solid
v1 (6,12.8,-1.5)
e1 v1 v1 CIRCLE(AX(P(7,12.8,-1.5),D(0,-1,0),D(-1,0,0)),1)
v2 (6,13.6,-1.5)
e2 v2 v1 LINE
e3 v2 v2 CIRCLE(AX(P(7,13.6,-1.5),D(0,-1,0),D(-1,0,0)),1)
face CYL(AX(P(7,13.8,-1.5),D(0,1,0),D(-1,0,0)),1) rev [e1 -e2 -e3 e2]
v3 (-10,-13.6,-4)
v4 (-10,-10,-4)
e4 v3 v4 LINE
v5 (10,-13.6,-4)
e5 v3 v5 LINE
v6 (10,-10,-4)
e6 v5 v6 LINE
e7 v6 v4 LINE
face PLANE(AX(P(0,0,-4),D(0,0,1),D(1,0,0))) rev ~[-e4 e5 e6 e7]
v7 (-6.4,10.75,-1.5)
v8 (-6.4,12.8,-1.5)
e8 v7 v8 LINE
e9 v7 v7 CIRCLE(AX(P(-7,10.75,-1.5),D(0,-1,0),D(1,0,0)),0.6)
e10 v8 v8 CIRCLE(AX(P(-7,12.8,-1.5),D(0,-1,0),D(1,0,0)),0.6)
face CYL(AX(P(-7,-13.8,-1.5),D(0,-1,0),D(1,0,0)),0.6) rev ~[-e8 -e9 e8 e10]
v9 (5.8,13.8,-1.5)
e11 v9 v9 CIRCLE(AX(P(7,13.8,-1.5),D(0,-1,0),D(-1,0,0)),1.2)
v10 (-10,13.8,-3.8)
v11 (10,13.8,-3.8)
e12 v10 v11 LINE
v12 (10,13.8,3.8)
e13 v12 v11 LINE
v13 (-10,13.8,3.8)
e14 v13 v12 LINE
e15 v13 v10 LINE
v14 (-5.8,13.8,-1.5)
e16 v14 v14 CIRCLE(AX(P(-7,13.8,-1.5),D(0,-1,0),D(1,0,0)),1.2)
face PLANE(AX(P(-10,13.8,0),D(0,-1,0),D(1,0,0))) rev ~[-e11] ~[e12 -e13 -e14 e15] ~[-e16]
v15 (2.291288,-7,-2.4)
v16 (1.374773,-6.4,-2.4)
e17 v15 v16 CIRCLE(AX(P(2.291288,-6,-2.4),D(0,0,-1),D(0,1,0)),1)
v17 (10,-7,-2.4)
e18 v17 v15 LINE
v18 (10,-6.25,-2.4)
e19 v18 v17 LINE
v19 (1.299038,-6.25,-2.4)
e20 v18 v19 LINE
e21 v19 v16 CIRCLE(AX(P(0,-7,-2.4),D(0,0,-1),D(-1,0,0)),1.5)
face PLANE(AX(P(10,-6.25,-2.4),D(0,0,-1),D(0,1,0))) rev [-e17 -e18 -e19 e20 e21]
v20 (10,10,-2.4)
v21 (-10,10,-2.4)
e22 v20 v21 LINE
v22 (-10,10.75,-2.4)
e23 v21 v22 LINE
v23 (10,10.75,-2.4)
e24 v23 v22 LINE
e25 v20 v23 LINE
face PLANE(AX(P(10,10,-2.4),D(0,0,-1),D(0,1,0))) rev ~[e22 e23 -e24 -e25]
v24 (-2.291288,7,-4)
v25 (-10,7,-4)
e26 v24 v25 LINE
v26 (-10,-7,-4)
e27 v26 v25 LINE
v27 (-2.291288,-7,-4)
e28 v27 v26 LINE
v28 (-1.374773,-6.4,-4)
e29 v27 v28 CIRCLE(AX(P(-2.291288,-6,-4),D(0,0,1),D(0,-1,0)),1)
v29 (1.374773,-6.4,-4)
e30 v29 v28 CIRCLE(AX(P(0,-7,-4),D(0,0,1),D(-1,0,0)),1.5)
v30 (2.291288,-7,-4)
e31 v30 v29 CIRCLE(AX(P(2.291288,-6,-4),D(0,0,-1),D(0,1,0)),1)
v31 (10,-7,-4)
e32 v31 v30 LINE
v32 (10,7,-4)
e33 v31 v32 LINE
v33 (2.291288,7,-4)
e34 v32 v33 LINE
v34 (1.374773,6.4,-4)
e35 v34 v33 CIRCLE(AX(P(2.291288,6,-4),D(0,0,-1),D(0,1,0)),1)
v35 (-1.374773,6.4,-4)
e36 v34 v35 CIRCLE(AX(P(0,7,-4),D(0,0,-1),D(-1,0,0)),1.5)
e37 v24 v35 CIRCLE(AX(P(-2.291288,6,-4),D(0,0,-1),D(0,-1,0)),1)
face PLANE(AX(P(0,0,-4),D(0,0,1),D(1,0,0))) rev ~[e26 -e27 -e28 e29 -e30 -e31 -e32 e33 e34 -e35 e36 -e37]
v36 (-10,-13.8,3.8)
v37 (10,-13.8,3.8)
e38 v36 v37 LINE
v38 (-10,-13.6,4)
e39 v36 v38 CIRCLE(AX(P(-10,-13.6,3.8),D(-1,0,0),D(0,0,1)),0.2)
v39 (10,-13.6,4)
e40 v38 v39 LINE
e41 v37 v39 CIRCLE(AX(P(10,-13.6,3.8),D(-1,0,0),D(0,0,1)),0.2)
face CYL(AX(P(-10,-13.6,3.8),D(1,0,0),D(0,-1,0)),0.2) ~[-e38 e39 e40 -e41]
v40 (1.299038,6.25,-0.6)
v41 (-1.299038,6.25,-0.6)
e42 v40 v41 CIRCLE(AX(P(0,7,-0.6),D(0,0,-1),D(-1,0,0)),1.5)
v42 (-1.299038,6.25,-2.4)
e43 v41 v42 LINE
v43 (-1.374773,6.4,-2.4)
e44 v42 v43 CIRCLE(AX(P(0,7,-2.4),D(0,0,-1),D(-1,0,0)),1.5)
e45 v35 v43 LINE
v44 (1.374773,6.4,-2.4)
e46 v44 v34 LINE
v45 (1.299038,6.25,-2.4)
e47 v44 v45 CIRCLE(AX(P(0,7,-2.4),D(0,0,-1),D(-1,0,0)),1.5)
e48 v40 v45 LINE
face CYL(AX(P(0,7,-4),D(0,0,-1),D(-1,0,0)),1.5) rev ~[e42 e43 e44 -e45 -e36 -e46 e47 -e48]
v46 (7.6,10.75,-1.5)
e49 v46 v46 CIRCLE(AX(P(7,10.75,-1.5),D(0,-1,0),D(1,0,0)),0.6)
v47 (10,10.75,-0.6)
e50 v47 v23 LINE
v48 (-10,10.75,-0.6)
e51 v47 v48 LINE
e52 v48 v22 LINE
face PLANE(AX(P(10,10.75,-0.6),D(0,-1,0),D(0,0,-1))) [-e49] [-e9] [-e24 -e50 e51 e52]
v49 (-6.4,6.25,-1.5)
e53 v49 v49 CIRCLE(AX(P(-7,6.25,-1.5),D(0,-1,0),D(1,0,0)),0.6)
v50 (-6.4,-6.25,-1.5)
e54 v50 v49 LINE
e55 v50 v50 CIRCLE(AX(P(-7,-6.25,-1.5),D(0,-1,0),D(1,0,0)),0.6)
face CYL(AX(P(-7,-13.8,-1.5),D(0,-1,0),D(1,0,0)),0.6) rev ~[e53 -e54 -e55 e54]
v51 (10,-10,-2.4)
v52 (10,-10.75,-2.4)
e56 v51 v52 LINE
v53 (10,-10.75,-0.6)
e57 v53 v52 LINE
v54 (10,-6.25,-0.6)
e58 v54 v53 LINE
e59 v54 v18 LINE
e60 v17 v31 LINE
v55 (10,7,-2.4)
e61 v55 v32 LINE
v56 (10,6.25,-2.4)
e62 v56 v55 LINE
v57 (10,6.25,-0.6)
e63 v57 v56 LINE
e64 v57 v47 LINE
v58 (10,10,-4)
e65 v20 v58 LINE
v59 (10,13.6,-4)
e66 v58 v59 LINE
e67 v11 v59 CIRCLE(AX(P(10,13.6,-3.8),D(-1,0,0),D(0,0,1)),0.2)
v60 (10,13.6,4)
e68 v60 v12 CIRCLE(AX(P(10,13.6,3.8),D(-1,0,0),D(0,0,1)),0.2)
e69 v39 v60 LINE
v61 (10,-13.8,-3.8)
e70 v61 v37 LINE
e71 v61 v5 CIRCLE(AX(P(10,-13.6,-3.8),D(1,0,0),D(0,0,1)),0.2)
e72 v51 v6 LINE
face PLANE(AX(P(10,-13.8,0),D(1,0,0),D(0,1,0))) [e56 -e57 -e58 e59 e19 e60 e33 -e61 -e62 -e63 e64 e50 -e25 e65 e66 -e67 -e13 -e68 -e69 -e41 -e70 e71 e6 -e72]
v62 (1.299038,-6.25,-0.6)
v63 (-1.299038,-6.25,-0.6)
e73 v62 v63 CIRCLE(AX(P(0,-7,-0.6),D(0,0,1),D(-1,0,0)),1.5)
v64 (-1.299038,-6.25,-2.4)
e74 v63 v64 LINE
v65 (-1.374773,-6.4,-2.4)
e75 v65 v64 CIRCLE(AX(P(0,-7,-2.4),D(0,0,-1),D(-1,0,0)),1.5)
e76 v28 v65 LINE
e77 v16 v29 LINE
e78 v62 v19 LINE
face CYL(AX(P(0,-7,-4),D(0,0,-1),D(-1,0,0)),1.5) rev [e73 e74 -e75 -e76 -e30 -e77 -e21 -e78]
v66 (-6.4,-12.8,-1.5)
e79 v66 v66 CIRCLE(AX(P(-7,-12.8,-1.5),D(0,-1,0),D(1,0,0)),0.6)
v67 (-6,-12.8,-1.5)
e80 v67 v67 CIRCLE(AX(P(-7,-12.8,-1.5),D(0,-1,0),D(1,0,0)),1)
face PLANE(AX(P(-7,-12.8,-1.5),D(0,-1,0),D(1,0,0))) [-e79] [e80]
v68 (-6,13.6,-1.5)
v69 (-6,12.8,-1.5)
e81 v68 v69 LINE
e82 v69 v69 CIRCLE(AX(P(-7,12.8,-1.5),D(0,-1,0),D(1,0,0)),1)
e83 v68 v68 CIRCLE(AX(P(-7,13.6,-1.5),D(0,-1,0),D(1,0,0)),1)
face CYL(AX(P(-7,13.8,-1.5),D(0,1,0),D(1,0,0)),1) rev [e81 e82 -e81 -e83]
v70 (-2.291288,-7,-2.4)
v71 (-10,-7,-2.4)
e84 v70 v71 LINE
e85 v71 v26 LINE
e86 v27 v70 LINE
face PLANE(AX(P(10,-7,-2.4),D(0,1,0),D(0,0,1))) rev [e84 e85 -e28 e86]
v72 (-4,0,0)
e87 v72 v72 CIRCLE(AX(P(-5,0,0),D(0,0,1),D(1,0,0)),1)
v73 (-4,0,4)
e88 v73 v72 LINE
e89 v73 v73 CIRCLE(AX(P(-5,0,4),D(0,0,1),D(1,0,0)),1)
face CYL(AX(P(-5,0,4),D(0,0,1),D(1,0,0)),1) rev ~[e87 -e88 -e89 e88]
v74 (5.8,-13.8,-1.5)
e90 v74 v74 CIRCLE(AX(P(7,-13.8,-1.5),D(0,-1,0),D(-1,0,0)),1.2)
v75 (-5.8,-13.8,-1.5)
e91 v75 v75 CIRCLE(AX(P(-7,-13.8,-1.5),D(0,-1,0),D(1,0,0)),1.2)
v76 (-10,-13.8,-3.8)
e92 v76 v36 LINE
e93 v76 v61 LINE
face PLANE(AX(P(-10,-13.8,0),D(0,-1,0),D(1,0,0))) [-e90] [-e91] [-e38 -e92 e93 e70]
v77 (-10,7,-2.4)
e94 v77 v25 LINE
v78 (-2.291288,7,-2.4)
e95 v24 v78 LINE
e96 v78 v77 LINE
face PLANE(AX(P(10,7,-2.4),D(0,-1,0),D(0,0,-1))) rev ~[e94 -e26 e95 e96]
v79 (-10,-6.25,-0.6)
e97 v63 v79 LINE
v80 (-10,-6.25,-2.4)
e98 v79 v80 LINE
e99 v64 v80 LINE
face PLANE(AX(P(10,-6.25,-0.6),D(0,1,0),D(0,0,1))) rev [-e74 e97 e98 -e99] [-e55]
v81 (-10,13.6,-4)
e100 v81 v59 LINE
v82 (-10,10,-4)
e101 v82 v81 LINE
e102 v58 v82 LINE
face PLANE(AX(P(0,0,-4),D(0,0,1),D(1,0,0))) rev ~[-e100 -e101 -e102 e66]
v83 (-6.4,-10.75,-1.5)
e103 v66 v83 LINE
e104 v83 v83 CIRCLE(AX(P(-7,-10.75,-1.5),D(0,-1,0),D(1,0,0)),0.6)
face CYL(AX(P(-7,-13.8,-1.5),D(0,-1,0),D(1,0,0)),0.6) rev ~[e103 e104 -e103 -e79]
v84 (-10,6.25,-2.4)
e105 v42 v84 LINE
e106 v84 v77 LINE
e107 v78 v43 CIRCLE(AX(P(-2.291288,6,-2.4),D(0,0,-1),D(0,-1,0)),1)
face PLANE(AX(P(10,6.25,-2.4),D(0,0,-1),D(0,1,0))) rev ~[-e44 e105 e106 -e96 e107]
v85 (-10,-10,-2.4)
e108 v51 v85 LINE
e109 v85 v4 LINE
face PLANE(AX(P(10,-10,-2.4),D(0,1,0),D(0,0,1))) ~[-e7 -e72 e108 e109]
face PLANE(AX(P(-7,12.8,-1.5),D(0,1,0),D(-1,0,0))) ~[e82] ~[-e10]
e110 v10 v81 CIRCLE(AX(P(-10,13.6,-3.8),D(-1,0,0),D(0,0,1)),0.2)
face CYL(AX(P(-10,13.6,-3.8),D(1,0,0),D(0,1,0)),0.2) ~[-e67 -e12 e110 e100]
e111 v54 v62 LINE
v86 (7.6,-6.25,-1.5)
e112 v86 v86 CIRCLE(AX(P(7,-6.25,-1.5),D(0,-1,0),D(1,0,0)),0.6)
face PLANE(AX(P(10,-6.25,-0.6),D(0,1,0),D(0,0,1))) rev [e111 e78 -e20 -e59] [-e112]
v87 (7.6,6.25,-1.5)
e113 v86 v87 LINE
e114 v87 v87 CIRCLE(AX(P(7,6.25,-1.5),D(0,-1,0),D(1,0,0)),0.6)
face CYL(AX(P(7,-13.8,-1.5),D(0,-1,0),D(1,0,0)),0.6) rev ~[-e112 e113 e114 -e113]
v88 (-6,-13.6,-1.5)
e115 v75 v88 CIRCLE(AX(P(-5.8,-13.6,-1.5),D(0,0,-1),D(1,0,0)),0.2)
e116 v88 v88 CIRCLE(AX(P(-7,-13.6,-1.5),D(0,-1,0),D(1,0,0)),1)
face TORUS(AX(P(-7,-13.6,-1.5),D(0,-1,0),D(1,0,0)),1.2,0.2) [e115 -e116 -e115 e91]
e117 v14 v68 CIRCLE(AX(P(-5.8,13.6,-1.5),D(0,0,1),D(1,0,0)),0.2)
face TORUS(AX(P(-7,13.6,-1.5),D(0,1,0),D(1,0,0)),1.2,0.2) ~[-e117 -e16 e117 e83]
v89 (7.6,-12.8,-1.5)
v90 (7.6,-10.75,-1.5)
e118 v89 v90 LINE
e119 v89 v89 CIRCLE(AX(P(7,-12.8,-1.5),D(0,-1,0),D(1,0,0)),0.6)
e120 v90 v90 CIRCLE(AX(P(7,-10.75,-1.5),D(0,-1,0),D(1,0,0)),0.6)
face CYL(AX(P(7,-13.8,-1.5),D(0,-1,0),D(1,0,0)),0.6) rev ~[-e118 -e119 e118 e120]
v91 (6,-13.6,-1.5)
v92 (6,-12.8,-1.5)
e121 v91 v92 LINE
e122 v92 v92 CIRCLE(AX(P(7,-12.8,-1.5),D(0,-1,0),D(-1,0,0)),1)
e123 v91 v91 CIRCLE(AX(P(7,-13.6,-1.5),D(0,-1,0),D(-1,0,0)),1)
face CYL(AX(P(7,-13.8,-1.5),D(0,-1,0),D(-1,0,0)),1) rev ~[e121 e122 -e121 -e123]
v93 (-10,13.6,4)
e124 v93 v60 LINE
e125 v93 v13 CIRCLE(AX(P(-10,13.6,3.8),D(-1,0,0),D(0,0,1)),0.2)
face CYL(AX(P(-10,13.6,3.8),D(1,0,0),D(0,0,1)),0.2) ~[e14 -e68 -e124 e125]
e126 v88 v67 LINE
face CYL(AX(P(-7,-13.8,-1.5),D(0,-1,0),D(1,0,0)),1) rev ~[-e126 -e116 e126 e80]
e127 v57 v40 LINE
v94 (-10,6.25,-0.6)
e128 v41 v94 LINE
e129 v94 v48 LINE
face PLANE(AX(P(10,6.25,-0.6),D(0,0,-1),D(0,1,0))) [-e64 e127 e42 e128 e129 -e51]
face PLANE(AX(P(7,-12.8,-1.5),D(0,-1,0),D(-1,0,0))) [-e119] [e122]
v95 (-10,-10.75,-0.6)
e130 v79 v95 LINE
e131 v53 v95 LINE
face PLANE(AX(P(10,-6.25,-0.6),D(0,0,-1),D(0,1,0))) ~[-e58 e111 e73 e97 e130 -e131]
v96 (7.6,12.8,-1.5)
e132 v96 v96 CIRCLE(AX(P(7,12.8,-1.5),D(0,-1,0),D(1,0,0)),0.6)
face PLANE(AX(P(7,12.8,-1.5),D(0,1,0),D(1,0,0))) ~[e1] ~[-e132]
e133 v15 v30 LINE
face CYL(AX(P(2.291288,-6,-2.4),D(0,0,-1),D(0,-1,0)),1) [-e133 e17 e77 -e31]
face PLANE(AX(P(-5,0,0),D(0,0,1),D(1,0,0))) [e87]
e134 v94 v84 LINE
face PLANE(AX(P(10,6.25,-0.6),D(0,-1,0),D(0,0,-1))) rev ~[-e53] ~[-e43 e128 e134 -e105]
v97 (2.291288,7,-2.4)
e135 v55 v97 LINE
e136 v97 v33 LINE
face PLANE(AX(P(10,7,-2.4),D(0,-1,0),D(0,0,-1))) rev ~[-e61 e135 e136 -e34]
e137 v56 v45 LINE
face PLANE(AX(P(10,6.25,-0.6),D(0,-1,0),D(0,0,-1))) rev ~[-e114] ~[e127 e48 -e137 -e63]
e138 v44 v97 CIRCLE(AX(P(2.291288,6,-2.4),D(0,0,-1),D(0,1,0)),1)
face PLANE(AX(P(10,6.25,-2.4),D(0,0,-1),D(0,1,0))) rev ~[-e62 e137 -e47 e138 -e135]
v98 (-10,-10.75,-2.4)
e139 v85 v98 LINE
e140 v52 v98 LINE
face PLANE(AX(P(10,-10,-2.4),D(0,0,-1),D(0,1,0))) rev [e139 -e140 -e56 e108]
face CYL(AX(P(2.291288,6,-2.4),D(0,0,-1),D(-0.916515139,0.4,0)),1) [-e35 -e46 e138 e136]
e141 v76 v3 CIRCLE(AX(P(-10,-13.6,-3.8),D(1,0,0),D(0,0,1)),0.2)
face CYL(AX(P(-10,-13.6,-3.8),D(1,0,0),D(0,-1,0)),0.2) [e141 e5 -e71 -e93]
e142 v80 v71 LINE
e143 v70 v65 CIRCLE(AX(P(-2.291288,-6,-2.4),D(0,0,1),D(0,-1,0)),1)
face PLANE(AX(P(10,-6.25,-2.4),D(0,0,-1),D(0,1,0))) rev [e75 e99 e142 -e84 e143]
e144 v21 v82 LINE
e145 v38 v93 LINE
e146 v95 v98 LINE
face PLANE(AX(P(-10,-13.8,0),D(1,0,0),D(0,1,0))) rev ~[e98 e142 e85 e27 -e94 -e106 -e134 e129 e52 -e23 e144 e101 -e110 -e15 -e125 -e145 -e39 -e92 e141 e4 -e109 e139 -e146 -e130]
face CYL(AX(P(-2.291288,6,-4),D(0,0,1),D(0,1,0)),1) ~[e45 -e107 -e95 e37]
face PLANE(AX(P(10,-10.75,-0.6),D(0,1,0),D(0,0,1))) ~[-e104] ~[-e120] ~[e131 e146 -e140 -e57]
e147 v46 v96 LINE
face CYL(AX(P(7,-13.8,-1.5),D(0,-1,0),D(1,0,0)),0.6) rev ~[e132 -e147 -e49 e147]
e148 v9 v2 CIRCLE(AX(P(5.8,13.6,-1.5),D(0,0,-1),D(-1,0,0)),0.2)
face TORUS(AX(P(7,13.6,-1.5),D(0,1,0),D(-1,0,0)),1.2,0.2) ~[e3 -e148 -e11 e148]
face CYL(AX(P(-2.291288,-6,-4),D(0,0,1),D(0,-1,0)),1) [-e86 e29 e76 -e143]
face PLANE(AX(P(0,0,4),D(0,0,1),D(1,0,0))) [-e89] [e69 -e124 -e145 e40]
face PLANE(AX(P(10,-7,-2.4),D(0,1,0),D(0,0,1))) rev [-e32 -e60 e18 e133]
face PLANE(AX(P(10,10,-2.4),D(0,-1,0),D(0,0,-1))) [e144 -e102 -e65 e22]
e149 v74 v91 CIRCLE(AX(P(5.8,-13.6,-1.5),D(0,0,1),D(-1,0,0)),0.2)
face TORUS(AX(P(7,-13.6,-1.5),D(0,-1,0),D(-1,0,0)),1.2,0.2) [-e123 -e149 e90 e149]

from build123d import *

# Parameters (mm, degrees)
SKETCH1_W           = 20
SKETCH1_H           = 27.6
BOSS_EXTRUDE1_DEPTH = 4
SKETCH3_R           = 1
CUT_EXTRUDE2_DEPTH  = 4
SKETCH4_W           = 1.6
SKETCH4_H           = 3
SKETCH4_W_2         = 1.8
SKETCH4_H_2         = 4.5
CUT_EXTRUDE3_DEPTH  = 25.626002518
CUT_EXTRUDE4_REACH  = 20.827
SKETCH5_R           = 1.5
SKETCH6_R           = 1
CUT_EXTRUDE5_DEPTH  = 1
SKETCH7_R           = 0.6
CUT_EXTRUDE6_DEPTH  = 30.627014699
FILLET1_R           = 1
FILLET2_R           = 0.2


with BuildPart() as part:
    # Sketch1 → Boss-Extrude1 (new, symmetric)
    with BuildSketch(Plane.XY):
        Rectangle(SKETCH1_W, SKETCH1_H)
    extrude(amount=BOSS_EXTRUDE1_DEPTH, both=True)

    # Sketch3 → Cut-Extrude2 (cut)
    with BuildSketch(Plane.XY.offset(4)):
        with Locations((-5, 0)):
            Circle(SKETCH3_R)
    extrude(amount=-CUT_EXTRUDE2_DEPTH, mode=Mode.SUBTRACT)

    # Sketch4 → Cut-Extrude3 (cut, through all)
    with BuildSketch(Plane(origin=(10, 0, 0), x_dir=(0, 0, -1), z_dir=(1, 0, 0))):
        with Locations((3.2, 8.5)):
            Rectangle(SKETCH4_W, SKETCH4_H)
        with Locations((1.5, 8.5)):
            Rectangle(SKETCH4_W_2, SKETCH4_H_2)
    cut_extrude3 = extrude(amount=-CUT_EXTRUDE3_DEPTH, mode=Mode.SUBTRACT)

    # Cut-Extrude4: up to this face of the body (flat: up to its plane)
    cut_extrude4_end = Plane(part.part.faces().sort_by_distance((0, 8.5, -0.6))[0])
    # Sketch5 → Cut-Extrude4 (cut, up to the picked face)
    with BuildSketch(Plane(origin=(0, 0, -4), x_dir=(-1, 0, 0), z_dir=(0, 0, -1)), mode=Mode.PRIVATE) as cut_extrude4_sk1:
        with Locations((0, 7)):
            Circle(SKETCH5_R)
    cut_extrude4_tool1 = split(extrude(cut_extrude4_sk1.sketch, amount=-CUT_EXTRUDE4_REACH, mode=Mode.PRIVATE), bisect_by=cut_extrude4_end, keep=Keep.BOTH, mode=Mode.PRIVATE)
    cut_extrude4 = cut_extrude4_tool1.solids().sort_by(Axis((0, 7, -4), (0, 0, 1)))[0]
    add(cut_extrude4, mode=Mode.SUBTRACT)

    # Mirror1: Cut-Extrude3, Cut-Extrude4 across plane
    add(cut_extrude3.mirror(Plane.ZX), mode=Mode.SUBTRACT)
    add(cut_extrude4.mirror(Plane.ZX), mode=Mode.SUBTRACT)

    # Sketch6 → Cut-Extrude5 (cut)
    with BuildSketch(Plane.XZ.offset(13.8)):
        with Locations((-7, -1.5)):
            Circle(SKETCH6_R)
        with Locations(Location((7, -1.5, 0), (0, 0, 180))):
            Circle(SKETCH6_R)
    cut_extrude5 = extrude(amount=-CUT_EXTRUDE5_DEPTH, mode=Mode.SUBTRACT)

    # Sketch7 → Cut-Extrude6 (cut, through all)
    with BuildSketch(Plane.XZ.offset(13.8)):
        with Locations((-7, -1.5)):
            Circle(SKETCH7_R)
        with Locations((7, -1.5)):
            Circle(SKETCH7_R)
    extrude(amount=-CUT_EXTRUDE6_DEPTH, mode=Mode.SUBTRACT)

    # Fillet1
    fillet1_edges = [part.edges().sort_by_distance(p)[0] for p in [
        (-1.5, 7, -3.2),
        (1.5, 7, -3.2),
        (1.5, -7, -3.2),
        (-1.5, -7, -3.2),
    ]]
    fillet(fillet1_edges, radius=FILLET1_R)

    # Mirror2: Cut-Extrude5 across plane
    add(cut_extrude5.mirror(Plane.ZX), mode=Mode.SUBTRACT)

    # Fillet2
    fillet2_edges = [part.edges().sort_by_distance(p)[0] for p in [
        (-8, -13.8, -1.5),
        (8, -13.8, -1.5),
        (0, 13.8, 4),
        (-8, 13.8, -1.5),
        (8, 13.8, -1.5),
        (0, 13.8, -4),
        (0, -13.8, -4),
        (0, -13.8, 4),
    ]]
    fillet(fillet2_edges, radius=FILLET2_R)


solid = part.part
